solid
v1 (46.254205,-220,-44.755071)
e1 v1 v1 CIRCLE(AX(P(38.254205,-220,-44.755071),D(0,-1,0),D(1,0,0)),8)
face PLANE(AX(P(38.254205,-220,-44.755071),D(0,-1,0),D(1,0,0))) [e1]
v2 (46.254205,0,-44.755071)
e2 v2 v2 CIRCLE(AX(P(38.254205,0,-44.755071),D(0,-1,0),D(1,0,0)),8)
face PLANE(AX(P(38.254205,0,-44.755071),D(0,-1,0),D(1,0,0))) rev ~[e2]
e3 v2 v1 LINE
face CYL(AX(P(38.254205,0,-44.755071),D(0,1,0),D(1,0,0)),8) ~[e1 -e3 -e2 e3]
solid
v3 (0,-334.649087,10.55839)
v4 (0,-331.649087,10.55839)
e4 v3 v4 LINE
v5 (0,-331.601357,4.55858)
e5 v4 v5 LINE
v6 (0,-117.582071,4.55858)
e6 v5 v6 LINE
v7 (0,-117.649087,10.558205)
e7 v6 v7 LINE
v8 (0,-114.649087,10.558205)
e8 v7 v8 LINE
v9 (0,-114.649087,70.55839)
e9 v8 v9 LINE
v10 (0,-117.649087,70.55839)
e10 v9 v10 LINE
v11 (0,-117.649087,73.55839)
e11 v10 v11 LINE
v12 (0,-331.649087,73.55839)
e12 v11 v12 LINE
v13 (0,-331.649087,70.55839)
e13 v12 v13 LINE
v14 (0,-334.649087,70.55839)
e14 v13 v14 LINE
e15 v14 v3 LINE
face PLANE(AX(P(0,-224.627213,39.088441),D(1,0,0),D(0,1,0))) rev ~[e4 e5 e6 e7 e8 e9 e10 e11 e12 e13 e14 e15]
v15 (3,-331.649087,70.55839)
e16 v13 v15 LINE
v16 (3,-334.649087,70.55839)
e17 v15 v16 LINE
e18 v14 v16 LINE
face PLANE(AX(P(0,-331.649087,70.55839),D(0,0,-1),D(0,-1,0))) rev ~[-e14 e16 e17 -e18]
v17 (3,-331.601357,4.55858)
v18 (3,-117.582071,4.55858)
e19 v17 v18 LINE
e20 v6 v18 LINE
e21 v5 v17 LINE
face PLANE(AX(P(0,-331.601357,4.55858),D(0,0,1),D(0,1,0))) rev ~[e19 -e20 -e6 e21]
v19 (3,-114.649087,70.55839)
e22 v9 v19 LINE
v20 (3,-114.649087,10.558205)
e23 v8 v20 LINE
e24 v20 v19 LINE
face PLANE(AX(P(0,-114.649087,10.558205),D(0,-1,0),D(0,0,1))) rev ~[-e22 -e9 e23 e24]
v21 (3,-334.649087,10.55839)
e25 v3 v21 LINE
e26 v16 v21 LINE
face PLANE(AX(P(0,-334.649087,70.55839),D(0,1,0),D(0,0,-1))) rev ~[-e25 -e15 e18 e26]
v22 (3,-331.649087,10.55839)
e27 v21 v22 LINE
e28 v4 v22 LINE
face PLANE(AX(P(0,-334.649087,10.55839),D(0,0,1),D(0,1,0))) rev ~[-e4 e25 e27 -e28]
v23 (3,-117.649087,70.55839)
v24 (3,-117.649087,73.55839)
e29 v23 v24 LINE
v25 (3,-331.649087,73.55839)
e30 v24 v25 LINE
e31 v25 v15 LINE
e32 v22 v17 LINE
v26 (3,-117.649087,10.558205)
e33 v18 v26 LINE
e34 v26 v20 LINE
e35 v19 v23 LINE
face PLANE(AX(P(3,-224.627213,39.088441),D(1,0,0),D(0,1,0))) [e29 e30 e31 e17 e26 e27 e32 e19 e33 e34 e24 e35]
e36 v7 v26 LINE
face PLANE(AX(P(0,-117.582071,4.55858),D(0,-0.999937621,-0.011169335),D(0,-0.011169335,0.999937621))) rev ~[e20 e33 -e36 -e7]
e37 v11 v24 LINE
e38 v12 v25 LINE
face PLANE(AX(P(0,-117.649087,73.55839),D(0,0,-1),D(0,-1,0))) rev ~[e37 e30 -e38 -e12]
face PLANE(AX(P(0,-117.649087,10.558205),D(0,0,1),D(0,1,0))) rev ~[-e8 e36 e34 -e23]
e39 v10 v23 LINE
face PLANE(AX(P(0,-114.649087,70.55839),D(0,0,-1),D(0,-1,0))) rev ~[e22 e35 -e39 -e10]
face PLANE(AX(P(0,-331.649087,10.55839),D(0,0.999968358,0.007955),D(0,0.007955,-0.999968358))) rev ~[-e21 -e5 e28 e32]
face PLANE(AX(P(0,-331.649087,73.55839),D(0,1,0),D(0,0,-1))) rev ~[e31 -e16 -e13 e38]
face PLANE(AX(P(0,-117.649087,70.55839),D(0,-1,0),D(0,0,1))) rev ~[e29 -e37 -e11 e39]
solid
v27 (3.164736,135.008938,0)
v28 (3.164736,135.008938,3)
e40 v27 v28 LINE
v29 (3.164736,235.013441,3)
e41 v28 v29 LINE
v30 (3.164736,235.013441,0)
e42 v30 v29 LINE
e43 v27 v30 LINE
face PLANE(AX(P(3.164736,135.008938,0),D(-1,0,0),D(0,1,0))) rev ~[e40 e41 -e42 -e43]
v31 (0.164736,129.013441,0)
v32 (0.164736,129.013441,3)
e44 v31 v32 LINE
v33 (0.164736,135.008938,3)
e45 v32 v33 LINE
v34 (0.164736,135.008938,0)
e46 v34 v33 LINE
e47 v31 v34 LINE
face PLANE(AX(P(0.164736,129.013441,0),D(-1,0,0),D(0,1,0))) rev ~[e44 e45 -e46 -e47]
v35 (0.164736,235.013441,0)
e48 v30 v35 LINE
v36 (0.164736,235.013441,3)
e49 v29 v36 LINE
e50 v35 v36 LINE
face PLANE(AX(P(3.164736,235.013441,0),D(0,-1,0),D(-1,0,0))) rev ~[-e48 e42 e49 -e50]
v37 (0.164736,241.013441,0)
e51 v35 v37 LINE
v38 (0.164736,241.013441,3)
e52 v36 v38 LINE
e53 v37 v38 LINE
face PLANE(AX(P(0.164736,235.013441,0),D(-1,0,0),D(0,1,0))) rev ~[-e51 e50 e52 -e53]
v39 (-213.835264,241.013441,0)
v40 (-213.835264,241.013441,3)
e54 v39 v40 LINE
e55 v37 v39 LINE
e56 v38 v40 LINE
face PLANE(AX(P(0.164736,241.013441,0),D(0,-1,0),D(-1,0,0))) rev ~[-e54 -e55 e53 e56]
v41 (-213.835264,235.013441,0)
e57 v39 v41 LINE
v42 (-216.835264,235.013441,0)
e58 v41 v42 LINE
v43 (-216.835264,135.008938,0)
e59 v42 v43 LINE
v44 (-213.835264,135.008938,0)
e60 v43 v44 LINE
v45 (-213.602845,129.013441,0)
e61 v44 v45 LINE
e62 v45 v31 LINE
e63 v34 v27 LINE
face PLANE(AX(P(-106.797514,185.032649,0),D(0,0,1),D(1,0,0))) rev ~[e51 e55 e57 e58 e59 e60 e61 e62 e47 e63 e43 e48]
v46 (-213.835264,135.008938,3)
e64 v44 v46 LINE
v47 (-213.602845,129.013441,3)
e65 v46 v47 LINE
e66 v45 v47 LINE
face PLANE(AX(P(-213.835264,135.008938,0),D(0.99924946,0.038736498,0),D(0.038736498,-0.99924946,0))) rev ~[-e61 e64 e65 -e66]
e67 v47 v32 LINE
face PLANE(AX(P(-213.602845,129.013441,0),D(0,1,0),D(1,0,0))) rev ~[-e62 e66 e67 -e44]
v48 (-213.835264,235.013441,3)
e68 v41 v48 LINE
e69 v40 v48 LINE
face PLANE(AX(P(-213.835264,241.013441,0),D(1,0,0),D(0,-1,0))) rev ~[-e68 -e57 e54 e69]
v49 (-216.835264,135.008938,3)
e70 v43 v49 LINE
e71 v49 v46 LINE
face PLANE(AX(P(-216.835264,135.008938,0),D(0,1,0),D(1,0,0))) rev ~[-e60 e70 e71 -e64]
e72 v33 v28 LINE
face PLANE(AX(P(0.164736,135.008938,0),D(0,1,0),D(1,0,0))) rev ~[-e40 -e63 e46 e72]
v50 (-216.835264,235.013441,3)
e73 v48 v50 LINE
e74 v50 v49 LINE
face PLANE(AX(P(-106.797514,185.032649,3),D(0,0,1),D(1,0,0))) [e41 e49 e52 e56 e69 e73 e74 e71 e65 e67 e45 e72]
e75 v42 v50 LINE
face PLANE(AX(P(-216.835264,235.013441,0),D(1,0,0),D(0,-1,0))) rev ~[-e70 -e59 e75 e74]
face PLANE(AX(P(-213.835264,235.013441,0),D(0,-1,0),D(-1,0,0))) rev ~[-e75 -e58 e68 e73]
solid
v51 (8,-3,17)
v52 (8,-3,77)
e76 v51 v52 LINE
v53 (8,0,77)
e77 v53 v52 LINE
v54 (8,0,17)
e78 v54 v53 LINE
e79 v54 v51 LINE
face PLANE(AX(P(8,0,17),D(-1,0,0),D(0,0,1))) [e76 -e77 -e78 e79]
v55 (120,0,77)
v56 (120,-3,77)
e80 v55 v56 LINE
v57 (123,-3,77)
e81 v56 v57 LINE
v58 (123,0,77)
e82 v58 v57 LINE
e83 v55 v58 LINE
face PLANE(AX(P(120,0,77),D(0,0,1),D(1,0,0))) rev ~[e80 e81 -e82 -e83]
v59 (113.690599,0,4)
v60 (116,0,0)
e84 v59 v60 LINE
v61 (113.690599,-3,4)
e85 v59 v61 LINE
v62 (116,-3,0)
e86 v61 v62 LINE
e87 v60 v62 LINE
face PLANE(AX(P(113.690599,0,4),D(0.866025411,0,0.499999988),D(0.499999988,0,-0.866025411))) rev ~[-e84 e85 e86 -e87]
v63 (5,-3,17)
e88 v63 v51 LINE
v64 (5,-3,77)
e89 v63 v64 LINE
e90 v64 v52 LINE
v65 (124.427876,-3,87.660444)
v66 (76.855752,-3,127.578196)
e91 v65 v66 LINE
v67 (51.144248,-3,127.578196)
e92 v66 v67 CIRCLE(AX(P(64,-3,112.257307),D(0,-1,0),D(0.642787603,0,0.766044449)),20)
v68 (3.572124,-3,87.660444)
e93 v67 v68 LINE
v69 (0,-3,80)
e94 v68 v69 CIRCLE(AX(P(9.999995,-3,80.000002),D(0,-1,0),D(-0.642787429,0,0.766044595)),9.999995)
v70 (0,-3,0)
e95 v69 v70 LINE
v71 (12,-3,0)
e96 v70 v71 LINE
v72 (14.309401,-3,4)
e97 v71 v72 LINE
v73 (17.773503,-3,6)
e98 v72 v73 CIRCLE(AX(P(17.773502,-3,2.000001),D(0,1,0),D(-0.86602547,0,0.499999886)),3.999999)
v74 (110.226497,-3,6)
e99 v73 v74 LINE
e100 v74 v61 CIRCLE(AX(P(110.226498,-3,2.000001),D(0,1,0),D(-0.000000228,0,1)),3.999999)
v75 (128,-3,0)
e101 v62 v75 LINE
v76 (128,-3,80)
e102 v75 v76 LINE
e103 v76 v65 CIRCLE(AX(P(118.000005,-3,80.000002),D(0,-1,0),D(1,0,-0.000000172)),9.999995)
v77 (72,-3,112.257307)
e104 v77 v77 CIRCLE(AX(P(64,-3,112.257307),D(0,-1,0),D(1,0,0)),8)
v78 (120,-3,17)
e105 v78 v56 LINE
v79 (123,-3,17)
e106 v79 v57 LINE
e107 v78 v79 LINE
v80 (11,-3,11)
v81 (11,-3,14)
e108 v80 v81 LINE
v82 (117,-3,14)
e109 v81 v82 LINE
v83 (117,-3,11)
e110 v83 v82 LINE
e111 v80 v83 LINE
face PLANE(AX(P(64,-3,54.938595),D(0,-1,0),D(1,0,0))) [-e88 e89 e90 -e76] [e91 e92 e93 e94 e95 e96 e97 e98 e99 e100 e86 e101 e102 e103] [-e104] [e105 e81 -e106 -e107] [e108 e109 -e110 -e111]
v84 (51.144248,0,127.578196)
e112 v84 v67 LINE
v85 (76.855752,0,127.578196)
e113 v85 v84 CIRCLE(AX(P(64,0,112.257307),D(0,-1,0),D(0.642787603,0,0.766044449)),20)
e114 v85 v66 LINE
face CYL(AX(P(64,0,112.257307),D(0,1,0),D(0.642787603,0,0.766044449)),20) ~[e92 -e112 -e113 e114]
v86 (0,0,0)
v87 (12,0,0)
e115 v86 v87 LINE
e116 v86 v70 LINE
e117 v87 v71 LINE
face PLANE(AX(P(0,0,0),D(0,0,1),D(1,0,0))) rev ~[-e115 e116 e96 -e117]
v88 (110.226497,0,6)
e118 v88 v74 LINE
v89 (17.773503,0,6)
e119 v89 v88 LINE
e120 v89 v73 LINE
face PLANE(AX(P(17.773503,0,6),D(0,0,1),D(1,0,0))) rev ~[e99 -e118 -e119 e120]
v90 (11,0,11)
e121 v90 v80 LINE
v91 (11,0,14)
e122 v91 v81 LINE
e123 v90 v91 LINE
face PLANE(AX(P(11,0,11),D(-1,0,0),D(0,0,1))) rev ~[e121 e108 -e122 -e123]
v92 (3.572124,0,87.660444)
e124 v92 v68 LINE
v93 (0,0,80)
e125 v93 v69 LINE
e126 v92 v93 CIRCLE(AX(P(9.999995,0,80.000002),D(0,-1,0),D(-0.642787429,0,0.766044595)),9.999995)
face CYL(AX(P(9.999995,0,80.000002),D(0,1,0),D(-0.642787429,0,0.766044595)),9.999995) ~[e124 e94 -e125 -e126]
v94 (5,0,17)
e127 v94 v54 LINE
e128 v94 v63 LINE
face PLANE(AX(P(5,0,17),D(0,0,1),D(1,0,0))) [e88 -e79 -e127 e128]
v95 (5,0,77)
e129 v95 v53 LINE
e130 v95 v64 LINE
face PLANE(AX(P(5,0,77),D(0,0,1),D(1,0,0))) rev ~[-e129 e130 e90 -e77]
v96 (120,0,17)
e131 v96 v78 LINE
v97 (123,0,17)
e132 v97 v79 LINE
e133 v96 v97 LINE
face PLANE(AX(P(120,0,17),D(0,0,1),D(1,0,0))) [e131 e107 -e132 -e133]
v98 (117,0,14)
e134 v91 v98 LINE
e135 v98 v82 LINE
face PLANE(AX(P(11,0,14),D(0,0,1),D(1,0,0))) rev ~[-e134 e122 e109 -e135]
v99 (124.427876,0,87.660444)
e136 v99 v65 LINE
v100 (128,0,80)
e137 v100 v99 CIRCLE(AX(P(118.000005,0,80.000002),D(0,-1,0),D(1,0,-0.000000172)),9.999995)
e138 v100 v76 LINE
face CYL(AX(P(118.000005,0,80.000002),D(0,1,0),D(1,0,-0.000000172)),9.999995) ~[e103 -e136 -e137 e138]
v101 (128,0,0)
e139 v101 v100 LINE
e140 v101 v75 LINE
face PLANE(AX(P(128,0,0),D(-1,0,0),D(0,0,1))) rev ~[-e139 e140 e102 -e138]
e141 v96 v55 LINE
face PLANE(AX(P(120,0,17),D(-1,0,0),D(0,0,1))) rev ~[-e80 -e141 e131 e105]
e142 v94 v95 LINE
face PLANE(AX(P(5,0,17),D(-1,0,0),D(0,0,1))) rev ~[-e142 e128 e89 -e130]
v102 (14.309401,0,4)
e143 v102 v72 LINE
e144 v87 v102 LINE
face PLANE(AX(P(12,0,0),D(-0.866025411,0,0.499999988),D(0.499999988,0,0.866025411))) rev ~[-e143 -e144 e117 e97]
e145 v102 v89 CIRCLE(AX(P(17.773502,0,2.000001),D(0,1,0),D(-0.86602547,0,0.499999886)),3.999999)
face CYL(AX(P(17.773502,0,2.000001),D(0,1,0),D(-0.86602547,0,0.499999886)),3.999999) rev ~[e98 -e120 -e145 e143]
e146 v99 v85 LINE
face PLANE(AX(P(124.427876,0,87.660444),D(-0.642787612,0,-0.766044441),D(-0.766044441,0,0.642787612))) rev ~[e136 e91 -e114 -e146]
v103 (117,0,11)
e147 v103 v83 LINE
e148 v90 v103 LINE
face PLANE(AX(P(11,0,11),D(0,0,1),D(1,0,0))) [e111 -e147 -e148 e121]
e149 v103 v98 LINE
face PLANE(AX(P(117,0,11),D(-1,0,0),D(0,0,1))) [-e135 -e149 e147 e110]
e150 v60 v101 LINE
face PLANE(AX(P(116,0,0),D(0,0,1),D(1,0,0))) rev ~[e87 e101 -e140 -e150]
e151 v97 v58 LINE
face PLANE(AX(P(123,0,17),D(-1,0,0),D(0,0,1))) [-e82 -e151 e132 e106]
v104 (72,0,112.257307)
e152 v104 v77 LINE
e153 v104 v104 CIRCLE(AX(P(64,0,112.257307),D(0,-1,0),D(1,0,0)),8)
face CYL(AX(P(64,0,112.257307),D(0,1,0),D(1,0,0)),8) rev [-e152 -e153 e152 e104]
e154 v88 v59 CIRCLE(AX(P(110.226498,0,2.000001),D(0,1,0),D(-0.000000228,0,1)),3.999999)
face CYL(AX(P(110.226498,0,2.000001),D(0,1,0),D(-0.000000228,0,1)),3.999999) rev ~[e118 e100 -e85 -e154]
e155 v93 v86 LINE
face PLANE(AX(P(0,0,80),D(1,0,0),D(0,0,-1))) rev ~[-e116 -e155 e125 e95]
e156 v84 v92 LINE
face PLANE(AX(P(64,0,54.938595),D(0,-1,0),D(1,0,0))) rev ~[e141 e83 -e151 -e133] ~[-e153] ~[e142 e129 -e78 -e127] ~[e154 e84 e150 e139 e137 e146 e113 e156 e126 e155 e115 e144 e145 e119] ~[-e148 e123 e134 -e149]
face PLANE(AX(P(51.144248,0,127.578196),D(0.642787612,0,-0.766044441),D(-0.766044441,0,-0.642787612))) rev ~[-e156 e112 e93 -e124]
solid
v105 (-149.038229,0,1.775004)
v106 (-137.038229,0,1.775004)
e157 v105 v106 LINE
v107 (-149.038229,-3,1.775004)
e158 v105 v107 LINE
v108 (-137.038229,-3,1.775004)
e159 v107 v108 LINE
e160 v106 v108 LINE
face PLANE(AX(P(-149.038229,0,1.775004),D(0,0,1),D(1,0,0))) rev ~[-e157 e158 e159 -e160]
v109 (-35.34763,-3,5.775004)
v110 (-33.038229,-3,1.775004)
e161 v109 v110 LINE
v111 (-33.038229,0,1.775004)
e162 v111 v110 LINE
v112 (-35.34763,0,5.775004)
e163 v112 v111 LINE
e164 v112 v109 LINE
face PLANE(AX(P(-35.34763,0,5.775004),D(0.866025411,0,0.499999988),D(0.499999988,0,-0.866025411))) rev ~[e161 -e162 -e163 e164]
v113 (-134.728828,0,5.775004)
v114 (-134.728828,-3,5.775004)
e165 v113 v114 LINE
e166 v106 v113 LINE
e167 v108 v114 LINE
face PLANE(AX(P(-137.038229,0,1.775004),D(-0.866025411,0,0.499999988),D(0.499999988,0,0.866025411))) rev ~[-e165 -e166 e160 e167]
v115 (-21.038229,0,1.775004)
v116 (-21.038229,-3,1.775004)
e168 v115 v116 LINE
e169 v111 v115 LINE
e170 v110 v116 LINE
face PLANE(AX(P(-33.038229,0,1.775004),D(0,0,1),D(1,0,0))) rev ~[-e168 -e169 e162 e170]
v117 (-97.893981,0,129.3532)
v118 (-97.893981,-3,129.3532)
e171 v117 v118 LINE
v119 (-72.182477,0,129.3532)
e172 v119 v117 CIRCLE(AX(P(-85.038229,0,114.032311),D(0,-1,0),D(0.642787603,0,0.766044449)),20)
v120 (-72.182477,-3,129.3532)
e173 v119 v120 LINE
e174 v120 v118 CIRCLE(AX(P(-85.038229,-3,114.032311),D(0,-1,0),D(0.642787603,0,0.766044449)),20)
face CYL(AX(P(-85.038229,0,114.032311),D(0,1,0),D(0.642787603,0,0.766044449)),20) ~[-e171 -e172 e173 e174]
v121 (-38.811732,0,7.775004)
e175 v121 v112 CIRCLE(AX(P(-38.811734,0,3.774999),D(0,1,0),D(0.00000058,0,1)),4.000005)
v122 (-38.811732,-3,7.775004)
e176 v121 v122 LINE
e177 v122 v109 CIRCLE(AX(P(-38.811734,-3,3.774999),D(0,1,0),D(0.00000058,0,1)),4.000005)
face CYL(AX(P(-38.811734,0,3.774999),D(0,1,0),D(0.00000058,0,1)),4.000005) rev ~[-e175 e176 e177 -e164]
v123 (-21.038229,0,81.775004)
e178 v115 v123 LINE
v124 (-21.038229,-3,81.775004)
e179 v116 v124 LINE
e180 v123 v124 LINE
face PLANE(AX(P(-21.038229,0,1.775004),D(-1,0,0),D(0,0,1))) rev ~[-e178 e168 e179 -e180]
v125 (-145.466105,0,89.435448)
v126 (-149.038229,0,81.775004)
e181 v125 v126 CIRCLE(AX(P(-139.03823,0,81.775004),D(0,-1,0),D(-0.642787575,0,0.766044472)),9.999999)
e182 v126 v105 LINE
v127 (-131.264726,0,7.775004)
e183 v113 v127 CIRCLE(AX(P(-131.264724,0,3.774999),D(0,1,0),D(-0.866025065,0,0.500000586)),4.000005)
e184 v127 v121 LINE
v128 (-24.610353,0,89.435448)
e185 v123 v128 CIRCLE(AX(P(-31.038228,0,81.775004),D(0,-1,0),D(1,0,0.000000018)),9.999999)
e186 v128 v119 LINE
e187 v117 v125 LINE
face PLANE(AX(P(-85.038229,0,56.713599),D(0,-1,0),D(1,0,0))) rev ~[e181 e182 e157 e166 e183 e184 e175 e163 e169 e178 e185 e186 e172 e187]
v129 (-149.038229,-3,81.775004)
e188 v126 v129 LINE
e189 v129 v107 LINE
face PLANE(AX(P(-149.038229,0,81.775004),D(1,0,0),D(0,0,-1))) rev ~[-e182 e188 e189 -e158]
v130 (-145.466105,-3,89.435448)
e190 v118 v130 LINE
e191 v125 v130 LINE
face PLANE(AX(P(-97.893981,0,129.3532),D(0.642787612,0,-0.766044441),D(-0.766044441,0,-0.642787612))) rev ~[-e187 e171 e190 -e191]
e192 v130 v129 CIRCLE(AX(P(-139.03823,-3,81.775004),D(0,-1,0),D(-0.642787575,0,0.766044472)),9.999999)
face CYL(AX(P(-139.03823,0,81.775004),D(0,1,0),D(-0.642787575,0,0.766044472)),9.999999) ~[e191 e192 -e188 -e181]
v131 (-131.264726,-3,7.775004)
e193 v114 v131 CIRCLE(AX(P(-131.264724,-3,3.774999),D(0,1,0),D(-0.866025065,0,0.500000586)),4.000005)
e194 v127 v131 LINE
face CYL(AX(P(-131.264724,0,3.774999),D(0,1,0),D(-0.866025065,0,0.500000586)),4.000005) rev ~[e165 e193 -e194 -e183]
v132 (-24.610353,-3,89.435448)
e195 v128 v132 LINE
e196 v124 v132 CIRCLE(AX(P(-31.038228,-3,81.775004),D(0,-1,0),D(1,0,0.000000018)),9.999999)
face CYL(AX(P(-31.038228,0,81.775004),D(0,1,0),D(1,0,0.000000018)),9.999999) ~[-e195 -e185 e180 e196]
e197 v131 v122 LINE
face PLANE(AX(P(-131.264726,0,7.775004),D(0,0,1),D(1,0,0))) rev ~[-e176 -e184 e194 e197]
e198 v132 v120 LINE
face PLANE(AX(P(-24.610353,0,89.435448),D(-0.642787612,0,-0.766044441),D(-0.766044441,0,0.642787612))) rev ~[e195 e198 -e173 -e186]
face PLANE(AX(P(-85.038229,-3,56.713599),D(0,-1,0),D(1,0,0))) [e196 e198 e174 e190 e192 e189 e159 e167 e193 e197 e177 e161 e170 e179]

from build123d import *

# Parameters (mm, degrees)
F0_W     = 3
F0_H     = 60
F0_W_2   = 106
F0_H_2   = 3
F0_R     = 8
F1_DEPTH = 3
F3_DEPTH = 3
F5_DEPTH = 3
F6_R     = 8
F7_DEPTH = 220
F9_DEPTH = 3


with BuildPart() as f1:
    # F0 (on Front) → F1 (new body)
    with BuildSketch(Plane.XZ):
        with BuildLine():
            Line((0, 80), (0, 0))
            Line((0, 0), (12, 0))
            Line((12, 0), (14.309401, 4))
            ThreePointArc((14.309401, 4), (15.773503, 5.464102), (17.773503, 6))
            Line((17.773503, 6), (110.226497, 6))
            ThreePointArc((110.226497, 6), (112.226497, 5.464102), (113.690599, 4))
            Line((113.690599, 4), (116, 0))
            Line((116, 0), (128, 0))
            Line((128, 0), (128, 80))
            ThreePointArc((128, 80), (127.063078, 84.226183), (124.427876, 87.660444))
            Line((124.427876, 87.660444), (76.855752, 127.578196))
            ThreePointArc((76.855752, 127.578196), (64, 132.257307), (51.144248, 127.578196))
            Line((51.144248, 127.578196), (3.572124, 87.660444))
            ThreePointArc((3.572124, 87.660444), (0.936922, 84.226183), (0, 80))
        make_face()
        with Locations((6.5, 47)):
            Rectangle(F0_W, F0_H, mode=Mode.SUBTRACT)
        with Locations((64, 12.5)):
            Rectangle(F0_W_2, F0_H_2, mode=Mode.SUBTRACT)
        with Locations((121.5, 47)):
            Rectangle(F0_W, F0_H, mode=Mode.SUBTRACT)
        with Locations((64, 112.257307)):
            Circle(F0_R, mode=Mode.SUBTRACT)
    extrude(amount=F1_DEPTH)


with BuildPart() as f3:
    # F2 (on Top) → F3 (new body)
    with BuildSketch(Plane.XY):
        Polygon((0.164736, 241.013441), (-213.835264, 241.013441), (-213.835264, 235.013441), (-216.835264, 235.013441), (-216.835264, 135.008938), (-213.835264, 135.008938), (-213.602845, 129.013441), (0.164736, 129.013441), (0.164736, 135.008938), (3.164736, 135.008938), (3.164736, 235.013441), (0.164736, 235.013441), align=None)
    extrude(amount=F3_DEPTH)


with BuildPart() as f5:
    # F4 (on Front) → F5 (new body)
    with BuildSketch(Plane.XZ):
        with BuildLine():
            Line((-149.038229, 81.775004), (-149.038229, 1.775004))
            Line((-149.038229, 1.775004), (-137.038229, 1.775004))
            Line((-137.038229, 1.775004), (-134.728828, 5.775004))
            ThreePointArc((-134.728828, 5.775004), (-133.264726, 7.239105), (-131.264726, 7.775004))
            Line((-131.264726, 7.775004), (-38.811732, 7.775004))
            ThreePointArc((-38.811732, 7.775004), (-36.811732, 7.239105), (-35.34763, 5.775004))
            Line((-35.34763, 5.775004), (-33.038229, 1.775004))
            Line((-33.038229, 1.775004), (-21.038229, 1.775004))
            Line((-21.038229, 1.775004), (-21.038229, 81.775004))
            ThreePointArc((-21.038229, 81.775004), (-21.975151, 86.001186), (-24.610353, 89.435448))
            Line((-24.610353, 89.435448), (-72.182477, 129.3532))
            ThreePointArc((-72.182477, 129.3532), (-85.038229, 134.032311), (-97.893981, 129.3532))
            Line((-97.893981, 129.3532), (-145.466105, 89.435448))
            ThreePointArc((-145.466105, 89.435448), (-148.101307, 86.001186), (-149.038229, 81.775004))
        make_face()
    extrude(amount=F5_DEPTH)


with BuildPart() as f7:
    # F6 (on Front) → F7 (new body)
    with BuildSketch(Plane.XZ):
        with Locations((38.254205, -44.755071)):
            Circle(F6_R)
    extrude(amount=F7_DEPTH)


with BuildPart() as f9:
    # F8 (on Right) → F9 (new body)
    with BuildSketch(Plane.YZ):
        Polygon((-117.649087, 70.55839), (-117.649087, 73.55839), (-331.649087, 73.55839), (-331.649087, 70.55839), (-334.649087, 70.55839), (-334.649087, 10.55839), (-331.649087, 10.55839), (-331.601357, 4.55858), (-117.582071, 4.55858), (-117.649087, 10.558205), (-114.649087, 10.558205), (-114.649087, 70.55839), align=None)
    extrude(amount=F9_DEPTH)


solid = Compound([f1.part, f3.part, f5.part, f7.part, f9.part])
